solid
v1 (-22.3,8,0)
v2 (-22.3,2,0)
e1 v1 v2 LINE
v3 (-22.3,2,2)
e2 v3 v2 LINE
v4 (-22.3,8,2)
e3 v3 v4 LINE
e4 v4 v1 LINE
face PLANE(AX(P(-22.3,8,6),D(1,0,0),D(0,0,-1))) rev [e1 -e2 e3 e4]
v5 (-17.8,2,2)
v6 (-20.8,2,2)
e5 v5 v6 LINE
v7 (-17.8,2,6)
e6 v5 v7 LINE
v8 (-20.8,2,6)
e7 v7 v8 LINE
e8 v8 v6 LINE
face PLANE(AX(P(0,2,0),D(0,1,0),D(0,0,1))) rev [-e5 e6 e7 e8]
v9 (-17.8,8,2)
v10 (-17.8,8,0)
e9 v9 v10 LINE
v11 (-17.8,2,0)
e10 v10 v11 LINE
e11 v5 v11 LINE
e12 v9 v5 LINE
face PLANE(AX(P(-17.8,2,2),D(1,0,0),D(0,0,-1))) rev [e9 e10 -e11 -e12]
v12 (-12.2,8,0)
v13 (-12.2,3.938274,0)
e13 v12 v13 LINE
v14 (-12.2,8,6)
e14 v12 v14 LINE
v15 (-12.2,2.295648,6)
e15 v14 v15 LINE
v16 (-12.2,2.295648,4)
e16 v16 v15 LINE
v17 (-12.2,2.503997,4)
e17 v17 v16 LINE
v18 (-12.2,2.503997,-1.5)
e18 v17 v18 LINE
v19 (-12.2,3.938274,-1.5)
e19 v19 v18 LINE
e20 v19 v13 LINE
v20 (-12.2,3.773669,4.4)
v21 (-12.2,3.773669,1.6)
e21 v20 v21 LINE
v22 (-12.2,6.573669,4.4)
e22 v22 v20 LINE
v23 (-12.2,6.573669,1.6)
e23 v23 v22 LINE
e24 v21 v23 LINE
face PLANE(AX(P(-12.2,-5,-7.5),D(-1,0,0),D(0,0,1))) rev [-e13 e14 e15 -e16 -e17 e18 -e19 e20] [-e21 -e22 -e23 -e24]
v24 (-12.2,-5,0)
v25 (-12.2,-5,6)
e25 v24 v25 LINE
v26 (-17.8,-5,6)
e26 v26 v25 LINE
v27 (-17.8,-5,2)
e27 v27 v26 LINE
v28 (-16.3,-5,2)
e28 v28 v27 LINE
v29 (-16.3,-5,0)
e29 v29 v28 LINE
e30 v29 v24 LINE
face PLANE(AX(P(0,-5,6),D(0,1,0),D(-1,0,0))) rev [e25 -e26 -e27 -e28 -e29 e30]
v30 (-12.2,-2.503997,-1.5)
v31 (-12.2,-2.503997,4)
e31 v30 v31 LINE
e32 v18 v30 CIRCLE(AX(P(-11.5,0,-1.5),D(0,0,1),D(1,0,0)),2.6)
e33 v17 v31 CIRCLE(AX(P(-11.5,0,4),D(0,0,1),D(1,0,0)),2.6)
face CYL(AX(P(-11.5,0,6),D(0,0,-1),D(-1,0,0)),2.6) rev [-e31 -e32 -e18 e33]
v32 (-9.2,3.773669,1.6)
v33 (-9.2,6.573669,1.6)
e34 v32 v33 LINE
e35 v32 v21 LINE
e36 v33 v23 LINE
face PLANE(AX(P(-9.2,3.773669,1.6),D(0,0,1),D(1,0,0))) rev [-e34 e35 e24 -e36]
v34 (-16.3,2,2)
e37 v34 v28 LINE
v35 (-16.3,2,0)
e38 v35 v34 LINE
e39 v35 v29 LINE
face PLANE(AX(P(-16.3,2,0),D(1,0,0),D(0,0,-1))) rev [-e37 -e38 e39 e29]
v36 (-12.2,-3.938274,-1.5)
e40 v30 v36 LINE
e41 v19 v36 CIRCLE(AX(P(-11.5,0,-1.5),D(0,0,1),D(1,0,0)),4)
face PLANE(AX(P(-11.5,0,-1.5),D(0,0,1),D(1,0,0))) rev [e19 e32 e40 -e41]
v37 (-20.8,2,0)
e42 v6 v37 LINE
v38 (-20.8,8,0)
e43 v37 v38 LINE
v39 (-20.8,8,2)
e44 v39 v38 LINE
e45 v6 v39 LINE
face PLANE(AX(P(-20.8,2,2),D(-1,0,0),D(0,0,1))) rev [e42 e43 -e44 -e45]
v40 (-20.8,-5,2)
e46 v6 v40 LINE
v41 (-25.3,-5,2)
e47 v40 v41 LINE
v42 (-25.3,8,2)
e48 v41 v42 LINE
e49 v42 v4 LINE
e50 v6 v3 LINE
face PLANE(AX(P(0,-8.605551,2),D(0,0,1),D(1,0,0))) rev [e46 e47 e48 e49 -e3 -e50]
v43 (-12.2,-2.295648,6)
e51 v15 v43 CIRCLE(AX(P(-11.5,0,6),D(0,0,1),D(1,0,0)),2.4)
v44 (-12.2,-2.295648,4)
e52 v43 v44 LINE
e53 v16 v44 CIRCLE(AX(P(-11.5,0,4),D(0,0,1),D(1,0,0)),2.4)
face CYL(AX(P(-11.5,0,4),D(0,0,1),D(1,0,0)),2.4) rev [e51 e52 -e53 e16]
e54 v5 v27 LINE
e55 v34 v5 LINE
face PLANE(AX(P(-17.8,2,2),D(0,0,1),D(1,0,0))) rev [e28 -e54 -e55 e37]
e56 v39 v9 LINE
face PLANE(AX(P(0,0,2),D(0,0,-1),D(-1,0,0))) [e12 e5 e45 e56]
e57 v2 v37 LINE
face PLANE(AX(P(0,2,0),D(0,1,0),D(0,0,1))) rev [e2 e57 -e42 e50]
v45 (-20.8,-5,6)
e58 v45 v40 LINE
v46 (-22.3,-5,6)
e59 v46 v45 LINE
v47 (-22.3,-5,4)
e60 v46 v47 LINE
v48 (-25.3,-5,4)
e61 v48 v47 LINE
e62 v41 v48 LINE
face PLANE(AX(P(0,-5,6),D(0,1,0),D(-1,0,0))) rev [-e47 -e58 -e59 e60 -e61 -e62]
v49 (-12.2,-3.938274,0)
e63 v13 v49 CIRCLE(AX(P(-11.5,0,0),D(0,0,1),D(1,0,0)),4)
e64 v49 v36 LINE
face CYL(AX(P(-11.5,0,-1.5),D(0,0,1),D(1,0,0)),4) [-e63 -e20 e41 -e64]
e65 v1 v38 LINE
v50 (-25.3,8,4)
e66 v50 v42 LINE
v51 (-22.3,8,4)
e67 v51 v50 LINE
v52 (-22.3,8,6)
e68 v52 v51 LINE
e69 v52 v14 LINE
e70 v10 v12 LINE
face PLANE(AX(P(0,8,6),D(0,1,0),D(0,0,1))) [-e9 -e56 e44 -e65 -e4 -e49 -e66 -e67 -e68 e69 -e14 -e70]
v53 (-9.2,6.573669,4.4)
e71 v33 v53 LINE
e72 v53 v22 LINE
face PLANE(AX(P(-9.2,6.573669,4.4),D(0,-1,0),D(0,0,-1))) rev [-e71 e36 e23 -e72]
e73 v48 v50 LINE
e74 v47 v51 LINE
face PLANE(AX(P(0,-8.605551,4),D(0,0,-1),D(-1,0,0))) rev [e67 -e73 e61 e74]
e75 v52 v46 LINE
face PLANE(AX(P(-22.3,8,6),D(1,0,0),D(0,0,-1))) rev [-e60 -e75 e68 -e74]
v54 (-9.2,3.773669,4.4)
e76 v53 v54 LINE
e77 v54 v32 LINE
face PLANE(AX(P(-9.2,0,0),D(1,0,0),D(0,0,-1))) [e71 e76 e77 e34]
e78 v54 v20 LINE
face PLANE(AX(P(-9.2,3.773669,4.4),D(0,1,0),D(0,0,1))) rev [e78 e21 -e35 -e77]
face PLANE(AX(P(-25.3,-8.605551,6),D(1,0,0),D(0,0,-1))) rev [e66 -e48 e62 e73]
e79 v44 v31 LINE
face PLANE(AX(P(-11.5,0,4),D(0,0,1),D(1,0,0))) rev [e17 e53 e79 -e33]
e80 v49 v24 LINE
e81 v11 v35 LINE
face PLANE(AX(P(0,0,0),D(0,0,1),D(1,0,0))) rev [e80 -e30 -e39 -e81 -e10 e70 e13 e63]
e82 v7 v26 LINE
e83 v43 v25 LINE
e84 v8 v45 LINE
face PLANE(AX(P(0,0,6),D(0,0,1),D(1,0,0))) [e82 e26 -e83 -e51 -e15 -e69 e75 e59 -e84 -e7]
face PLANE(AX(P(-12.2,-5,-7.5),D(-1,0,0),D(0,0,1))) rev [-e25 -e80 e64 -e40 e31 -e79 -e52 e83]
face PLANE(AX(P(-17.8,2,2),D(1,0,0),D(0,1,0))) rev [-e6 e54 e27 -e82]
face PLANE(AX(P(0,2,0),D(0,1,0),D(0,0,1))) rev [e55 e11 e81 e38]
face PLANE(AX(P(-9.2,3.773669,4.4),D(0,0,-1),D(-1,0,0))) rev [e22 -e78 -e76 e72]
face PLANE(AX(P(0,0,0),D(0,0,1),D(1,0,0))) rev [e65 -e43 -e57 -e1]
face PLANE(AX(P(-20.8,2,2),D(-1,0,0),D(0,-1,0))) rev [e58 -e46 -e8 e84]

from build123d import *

# Parameters (mm, degrees)
SKETCH1_R            = 1
BOSS_EXTRUDE1_DEPTH  = 6
SKETCH2_R            = 2.6
CUT_EXTRUDE1_DEPTH   = 6
SKETCH3_W            = 7.6
SKETCH3_H            = 13
BOSS_EXTRUDE2_DEPTH  = 6
BOSS_EXTRUDE5_START  = -5
SKETCH6_W            = 3
SKETCH6_H            = 2
BOSS_EXTRUDE5_DEPTH  = 13
BOSS_EXTRUDE6_START  = -7.5
SKETCH10_R           = 4
SKETCH10_R_2         = 2.6
BOSS_EXTRUDE6_DEPTH  = 1.5
BOSS_EXTRUDE7_START  = -6
SKETCH12_R           = 2.6
SKETCH12_R_2         = 2.4
BOSS_EXTRUDE7_DEPTH  = 2
CUT_EXTRUDE2_DEPTH   = 7
SKETCH14_W           = 3
SKETCH14_H           = 6
CUT_EXTRUDE3_DEPTH   = 2
SKETCH15_W           = 0.2
SKETCH15_H           = 13
CUT_EXTRUDE5_DEPTH   = 7.5
SKETCH16_W           = 3
SKETCH16_H           = 3
CUT_EXTRUDE6_DEPTH   = 3
SKETCH17_W           = 2.8
SKETCH17_H           = 2.8
BOSS_EXTRUDE9_DEPTH  = 3
BOSS_EXTRUDE10_START = 24.4
SKETCH17_2_W         = 2.8
SKETCH17_2_H         = 2.8
BOSS_EXTRUDE10_DEPTH = 3
SKETCH18_W           = 29.7
SKETCH18_H           = 13
CUT_EXTRUDE11_DEPTH  = 9
SKETCH21_W           = 2.8
SKETCH21_H           = 2.8
BOSS_EXTRUDE12_DEPTH = 3


with BuildPart() as part:
    # Sketch1 → Boss-Extrude1 (new body)
    with BuildSketch(Plane.XY):
        with BuildLine():
            ThreePointArc((3.75, -5), (4.47902769, -4.358991965), (5.1, -3.61282438))
            Line((5.1, -3.61282438), (5.1, 3.61282438))
            ThreePointArc((5.1, 3.61282438), (0, 6.25), (-5.1, 3.61282438))
            Line((-5.1, 3.61282438), (-5.1, -3.61282438))
            ThreePointArc((-5.1, -3.61282438), (-4.47902769, -4.358991965), (-3.75, -5))
            Line((-3.75, -5), (-14.7, -5))
            Line((-14.7, -5), (-14.7, 8))
            Line((-14.7, 8), (14.7, 8))
            Line((14.7, 8), (14.7, -5))
            Line((14.7, -5), (3.75, -5))
        make_face()
        with Locations((11.5, 0)):
            Circle(SKETCH1_R, mode=Mode.SUBTRACT)
        with Locations((-11.5, 0)):
            Circle(SKETCH1_R, mode=Mode.SUBTRACT)
    extrude(amount=BOSS_EXTRUDE1_DEPTH)

    # Sketch2 → Cut-Extrude1 (cut)
    with BuildSketch(Plane.XY):
        with Locations((-11.5, 0)):
            Circle(SKETCH2_R)
        with Locations((11.5, 0)):
            Circle(SKETCH2_R)
    extrude(amount=CUT_EXTRUDE1_DEPTH, mode=Mode.SUBTRACT)

    # Sketch3 → Boss-Extrude2 (add)
    with BuildSketch(Plane.XY):
        with Locations((-18.5, 1.5)):
            Rectangle(SKETCH3_W, SKETCH3_H)
    extrude(amount=BOSS_EXTRUDE2_DEPTH)

    # Sketch6 → Boss-Extrude5 (add)
    with BuildSketch(Plane(origin=(0, 0, 0), x_dir=(1, 0, 0), z_dir=(0, 1, 0)).offset(BOSS_EXTRUDE5_START)):
        with Locations((-23.8, -3)):
            Rectangle(SKETCH6_W, SKETCH6_H)
        with Locations((16.2, -3)):
            Rectangle(SKETCH6_W, SKETCH6_H)
    extrude(amount=BOSS_EXTRUDE5_DEPTH)

    # Sketch10 → Boss-Extrude6 (add)
    with BuildSketch(Plane.XY.offset(6).offset(BOSS_EXTRUDE6_START)):
        with Locations((-11.5, 0)):
            Circle(SKETCH10_R)
        with Locations((-11.5, 0)):
            Circle(SKETCH10_R_2, mode=Mode.SUBTRACT)
        with BuildLine():
            Line((14.7, 2.4), (14.7, -2.4))
            ThreePointArc((14.7, -2.4), (7.5, 0), (14.7, 2.4))
        make_face()
        with Locations((11.5, 0)):
            Circle(SKETCH10_R_2, mode=Mode.SUBTRACT)
    extrude(amount=BOSS_EXTRUDE6_DEPTH)

    # Sketch12 → Boss-Extrude7 (add)
    with BuildSketch(Plane(origin=(0, 0, 0), x_dir=(-1, 0, 0), z_dir=(0, 0, -1)).offset(BOSS_EXTRUDE7_START)):
        with Locations((11.5, 0)):
            Circle(SKETCH12_R)
        with Locations((11.5, 0)):
            Circle(SKETCH12_R_2, mode=Mode.SUBTRACT)
        with Locations((-11.5, 0)):
            Circle(SKETCH12_R)
        with Locations((-11.5, 0)):
            Circle(SKETCH12_R_2, mode=Mode.SUBTRACT)
    extrude(amount=BOSS_EXTRUDE7_DEPTH)

    # Sketch13 → Cut-Extrude2 (cut)
    with BuildSketch(Plane.XZ.offset(5)):
        Polygon((-22.3, 0), (-16.3, 0), (-16.3, 2), (-17.8, 2), (-17.8, 6), (-20.8, 6), (-20.8, 2), (-22.3, 2), align=None)
    extrude(amount=-CUT_EXTRUDE2_DEPTH, mode=Mode.SUBTRACT)

    # Sketch14 → Cut-Extrude3 (cut)
    with BuildSketch(Plane(origin=(0, 0, 0), x_dir=(-1, 0, 0), z_dir=(0, 0, -1))):
        with Locations((19.3, 5)):
            Rectangle(SKETCH14_W, SKETCH14_H)
    extrude(amount=-CUT_EXTRUDE3_DEPTH, mode=Mode.SUBTRACT)

    # Sketch15 → Cut-Extrude5 (cut, symmetric)
    with BuildSketch(Plane.XY):
        with Locations((-12.1, 1.5)):
            Rectangle(SKETCH15_W, SKETCH15_H)
        with Locations((12.1, 1.5)):
            Rectangle(SKETCH15_W, SKETCH15_H)
    extrude(amount=CUT_EXTRUDE5_DEPTH, both=True, mode=Mode.SUBTRACT)

    # Sketch16 → Cut-Extrude6 (cut)
    with BuildSketch(Plane(origin=(12, 0, 0), x_dir=(0, 0, -1), z_dir=(1, 0, 0))):
        with Locations((-3, 5.173669459)):
            Rectangle(SKETCH16_W, SKETCH16_H)
    cut_extrude6 = extrude(amount=-CUT_EXTRUDE6_DEPTH, mode=Mode.SUBTRACT)

    # Mirror1: Cut-Extrude6 across plane
    add(cut_extrude6.mirror(Plane(origin=(0, 0, 0), x_dir=(0, 0, 1), z_dir=(1, 0, 0))), mode=Mode.SUBTRACT)

    # Sketch17 → Boss-Extrude9 (add)
    with BuildSketch(Plane(origin=(-12.2, 0, 0), x_dir=(0, 0, -1), z_dir=(1, 0, 0))):
        with Locations((-3, 5.173669459)):
            Rectangle(SKETCH17_W, SKETCH17_H)
    extrude(amount=BOSS_EXTRUDE9_DEPTH)

    # Sketch17<2> → Boss-Extrude10 (add)
    with BuildSketch(Plane(origin=(-12.2, 0, 0), x_dir=(0, 0, -1), z_dir=(1, 0, 0)).offset(BOSS_EXTRUDE10_START)):
        with Locations((-3, 5.173669459)):
            Rectangle(SKETCH17_2_W, SKETCH17_2_H)
    extrude(amount=-BOSS_EXTRUDE10_DEPTH)

    # Sketch18 → Cut-Extrude11 (cut, symmetric)
    with BuildSketch(Plane.XY):
        with Locations((2.85, 1.5)):
            Rectangle(SKETCH18_W, SKETCH18_H)
    extrude(amount=CUT_EXTRUDE11_DEPTH, both=True, mode=Mode.SUBTRACT)

    # Sketch21 → Boss-Extrude12 (add)
    with BuildSketch(Plane(origin=(-12.2, 0, 0), x_dir=(0, 0, -1), z_dir=(1, 0, 0))):
        with Locations((-3, 5.173669459)):
            Rectangle(SKETCH21_W, SKETCH21_H)
    extrude(amount=BOSS_EXTRUDE12_DEPTH)


solid = part.part
